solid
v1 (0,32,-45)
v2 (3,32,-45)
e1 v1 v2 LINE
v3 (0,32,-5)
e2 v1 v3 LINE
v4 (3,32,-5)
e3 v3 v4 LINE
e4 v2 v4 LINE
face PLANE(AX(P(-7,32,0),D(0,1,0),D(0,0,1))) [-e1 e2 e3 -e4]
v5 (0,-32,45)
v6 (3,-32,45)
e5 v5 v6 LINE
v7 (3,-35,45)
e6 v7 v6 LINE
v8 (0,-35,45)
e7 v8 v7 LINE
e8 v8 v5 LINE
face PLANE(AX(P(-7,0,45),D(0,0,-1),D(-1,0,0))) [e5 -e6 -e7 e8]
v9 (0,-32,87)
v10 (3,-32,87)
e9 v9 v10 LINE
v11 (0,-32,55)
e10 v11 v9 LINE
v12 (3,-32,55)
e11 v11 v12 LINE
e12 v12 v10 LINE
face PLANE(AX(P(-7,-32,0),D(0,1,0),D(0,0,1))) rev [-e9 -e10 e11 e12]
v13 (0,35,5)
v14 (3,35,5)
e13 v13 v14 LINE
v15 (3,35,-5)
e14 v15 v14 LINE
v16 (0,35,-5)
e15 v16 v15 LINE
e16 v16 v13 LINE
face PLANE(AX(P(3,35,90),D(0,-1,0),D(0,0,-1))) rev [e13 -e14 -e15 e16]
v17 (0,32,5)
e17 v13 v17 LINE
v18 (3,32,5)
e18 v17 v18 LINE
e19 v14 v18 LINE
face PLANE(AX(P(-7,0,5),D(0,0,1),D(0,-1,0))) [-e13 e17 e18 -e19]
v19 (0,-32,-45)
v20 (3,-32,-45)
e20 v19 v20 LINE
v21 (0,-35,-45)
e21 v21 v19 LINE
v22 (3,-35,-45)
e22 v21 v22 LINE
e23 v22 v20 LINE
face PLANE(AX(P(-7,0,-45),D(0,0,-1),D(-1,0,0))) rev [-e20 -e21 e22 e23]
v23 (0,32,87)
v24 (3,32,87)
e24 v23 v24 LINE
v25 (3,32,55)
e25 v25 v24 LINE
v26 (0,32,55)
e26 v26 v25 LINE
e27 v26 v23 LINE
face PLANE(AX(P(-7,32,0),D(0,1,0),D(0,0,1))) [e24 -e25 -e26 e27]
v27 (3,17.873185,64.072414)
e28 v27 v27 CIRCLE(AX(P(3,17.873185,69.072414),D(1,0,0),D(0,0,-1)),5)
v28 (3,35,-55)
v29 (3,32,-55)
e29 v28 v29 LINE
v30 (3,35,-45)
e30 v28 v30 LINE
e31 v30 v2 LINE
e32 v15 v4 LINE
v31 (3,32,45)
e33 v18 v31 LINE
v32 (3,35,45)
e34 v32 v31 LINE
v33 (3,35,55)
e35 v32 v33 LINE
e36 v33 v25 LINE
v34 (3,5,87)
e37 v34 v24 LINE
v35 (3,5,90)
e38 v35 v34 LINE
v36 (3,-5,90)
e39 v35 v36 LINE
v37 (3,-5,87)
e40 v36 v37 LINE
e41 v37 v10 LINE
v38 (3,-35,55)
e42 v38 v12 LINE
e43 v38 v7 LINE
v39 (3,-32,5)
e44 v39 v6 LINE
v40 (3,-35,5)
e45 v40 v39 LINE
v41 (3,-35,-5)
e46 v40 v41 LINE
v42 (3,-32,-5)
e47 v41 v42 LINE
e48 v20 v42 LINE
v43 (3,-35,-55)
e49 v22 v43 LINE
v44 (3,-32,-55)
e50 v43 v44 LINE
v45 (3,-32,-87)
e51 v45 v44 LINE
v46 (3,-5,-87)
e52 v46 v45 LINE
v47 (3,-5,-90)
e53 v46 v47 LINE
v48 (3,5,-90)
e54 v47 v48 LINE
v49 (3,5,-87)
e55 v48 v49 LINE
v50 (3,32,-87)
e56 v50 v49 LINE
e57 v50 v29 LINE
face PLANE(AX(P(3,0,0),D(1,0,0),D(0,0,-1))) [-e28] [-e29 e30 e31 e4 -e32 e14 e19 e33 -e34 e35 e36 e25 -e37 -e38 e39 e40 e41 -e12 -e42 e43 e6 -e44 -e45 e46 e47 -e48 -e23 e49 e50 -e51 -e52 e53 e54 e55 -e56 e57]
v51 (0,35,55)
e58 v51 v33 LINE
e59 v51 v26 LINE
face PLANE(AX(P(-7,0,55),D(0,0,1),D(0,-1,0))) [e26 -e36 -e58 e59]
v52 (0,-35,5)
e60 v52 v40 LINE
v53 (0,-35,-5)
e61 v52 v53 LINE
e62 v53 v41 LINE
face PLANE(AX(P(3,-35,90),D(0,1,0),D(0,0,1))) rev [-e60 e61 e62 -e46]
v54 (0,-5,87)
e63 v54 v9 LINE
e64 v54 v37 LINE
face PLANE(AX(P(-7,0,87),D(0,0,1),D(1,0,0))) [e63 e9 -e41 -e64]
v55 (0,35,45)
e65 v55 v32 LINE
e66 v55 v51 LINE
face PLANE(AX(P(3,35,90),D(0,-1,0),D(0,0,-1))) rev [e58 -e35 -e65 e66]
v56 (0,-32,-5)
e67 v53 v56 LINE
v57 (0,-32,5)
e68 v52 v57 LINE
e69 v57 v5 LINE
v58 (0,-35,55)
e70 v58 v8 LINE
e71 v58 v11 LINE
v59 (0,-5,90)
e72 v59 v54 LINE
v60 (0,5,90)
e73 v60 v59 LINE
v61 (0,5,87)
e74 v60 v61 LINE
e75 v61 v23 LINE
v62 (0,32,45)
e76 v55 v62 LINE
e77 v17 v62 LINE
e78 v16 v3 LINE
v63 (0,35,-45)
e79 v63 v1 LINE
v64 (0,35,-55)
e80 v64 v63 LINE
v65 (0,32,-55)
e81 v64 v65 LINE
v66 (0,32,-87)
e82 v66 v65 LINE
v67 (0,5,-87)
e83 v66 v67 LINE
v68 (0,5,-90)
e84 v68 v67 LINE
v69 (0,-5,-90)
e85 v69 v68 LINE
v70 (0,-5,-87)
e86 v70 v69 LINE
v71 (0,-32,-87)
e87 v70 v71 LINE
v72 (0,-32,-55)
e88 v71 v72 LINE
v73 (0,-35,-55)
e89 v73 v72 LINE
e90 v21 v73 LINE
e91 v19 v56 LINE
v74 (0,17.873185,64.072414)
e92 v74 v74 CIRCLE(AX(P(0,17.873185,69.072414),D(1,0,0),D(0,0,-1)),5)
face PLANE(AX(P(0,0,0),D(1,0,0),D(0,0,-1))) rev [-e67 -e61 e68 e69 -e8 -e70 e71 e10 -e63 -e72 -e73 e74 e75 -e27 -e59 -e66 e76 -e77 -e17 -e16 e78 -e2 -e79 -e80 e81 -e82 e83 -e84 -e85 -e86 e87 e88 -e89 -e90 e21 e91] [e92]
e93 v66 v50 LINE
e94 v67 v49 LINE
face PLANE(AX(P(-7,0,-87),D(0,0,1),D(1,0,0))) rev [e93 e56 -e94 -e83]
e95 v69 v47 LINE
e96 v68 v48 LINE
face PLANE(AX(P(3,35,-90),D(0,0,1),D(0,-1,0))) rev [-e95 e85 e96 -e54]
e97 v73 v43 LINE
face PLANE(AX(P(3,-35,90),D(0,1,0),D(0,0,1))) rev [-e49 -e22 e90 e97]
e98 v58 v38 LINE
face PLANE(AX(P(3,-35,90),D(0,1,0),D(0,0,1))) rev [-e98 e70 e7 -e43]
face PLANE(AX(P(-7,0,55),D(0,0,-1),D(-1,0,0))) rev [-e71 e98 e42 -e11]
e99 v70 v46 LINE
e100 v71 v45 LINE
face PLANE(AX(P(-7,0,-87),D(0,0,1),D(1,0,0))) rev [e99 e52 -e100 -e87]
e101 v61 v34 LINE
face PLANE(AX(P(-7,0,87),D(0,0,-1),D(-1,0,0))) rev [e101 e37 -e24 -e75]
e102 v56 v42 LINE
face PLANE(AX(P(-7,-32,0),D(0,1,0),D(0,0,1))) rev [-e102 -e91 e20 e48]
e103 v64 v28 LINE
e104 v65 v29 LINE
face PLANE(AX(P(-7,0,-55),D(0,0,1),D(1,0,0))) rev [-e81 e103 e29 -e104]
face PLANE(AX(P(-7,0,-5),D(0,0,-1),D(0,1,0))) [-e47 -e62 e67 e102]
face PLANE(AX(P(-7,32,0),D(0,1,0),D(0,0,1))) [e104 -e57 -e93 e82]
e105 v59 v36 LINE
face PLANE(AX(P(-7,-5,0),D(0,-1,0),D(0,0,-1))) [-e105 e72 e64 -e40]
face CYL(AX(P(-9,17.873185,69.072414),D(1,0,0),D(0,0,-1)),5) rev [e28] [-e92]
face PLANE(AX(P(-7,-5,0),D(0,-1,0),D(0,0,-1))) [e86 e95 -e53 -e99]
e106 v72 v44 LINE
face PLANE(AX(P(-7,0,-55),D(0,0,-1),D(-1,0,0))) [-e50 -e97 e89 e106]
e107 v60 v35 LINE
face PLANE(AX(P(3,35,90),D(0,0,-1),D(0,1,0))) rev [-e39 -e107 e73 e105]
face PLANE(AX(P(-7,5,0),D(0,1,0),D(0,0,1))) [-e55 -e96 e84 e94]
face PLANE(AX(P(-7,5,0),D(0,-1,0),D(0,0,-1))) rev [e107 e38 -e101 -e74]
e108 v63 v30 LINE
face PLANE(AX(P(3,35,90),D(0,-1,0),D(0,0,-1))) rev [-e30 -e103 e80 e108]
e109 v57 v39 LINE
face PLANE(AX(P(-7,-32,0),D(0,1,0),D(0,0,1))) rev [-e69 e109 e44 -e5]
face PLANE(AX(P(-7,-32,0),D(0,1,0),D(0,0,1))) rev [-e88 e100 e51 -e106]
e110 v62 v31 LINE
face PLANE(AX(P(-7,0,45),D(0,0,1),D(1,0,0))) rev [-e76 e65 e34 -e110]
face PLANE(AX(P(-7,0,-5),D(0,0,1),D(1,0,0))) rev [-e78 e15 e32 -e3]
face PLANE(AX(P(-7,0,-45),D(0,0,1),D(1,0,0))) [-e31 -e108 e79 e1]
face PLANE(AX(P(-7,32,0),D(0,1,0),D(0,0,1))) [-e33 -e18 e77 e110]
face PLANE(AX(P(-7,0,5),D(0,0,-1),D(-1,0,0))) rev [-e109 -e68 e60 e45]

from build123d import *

# Parameters (mm, degrees)
SKETCH1_W           = 180
SKETCH1_H           = 70
BOSS_EXTRUDE1_DEPTH = 3
SKETCH2_W           = 3
SKETCH2_H           = 27
SKETCH2_W_2         = 40
SKETCH2_H_2         = 3
CUT_EXTRUDE6_DEPTH  = 10
SKETCH3_R           = 5
CUT_EXTRUDE7_DEPTH  = 12


with BuildPart() as part:
    # Sketch1 → Boss-Extrude1 (new body)
    with BuildSketch(Plane(origin=(0, 0, 0), x_dir=(0, 0, -1), z_dir=(1, 0, 0))):
        Rectangle(SKETCH1_W, SKETCH1_H)
    extrude(amount=BOSS_EXTRUDE1_DEPTH)

    # Sketch2 → Cut-Extrude6 (cut)
    with BuildSketch(Plane(origin=(3, 0, 0), x_dir=(0, 0, -1), z_dir=(1, 0, 0))):
        Polygon((90, -32), (87, -32), (55, -32), (55, -35), (90, -35), align=None)
        with Locations((88.5, -18.5)):
            Rectangle(SKETCH2_W, SKETCH2_H)
        with Locations((25, -33.5)):
            Rectangle(SKETCH2_W_2, SKETCH2_H_2)
        with Locations((-25, -33.5)):
            Rectangle(SKETCH2_W_2, SKETCH2_H_2)
        Polygon((-55, -32), (-87, -32), (-90, -32), (-90, -35), (-55, -35), align=None)
        with Locations((-88.5, -18.5)):
            Rectangle(SKETCH2_W, SKETCH2_H)
        with Locations((-88.5, 18.5)):
            Rectangle(SKETCH2_W, SKETCH2_H)
        Polygon((-87, 32), (-55, 32), (-55, 35), (-90, 35), (-90, 32), align=None)
        with Locations((-25, 33.5)):
            Rectangle(SKETCH2_W_2, SKETCH2_H_2)
        with Locations((25, 33.5)):
            Rectangle(SKETCH2_W_2, SKETCH2_H_2)
        Polygon((55, 32), (87, 32), (90, 32), (90, 35), (55, 35), align=None)
        with Locations((88.5, 18.5)):
            Rectangle(SKETCH2_W, SKETCH2_H)
    extrude(amount=-CUT_EXTRUDE6_DEPTH, mode=Mode.SUBTRACT)

    # Sketch3 → Cut-Extrude7 (cut)
    with BuildSketch(Plane(origin=(3, 0, 0), x_dir=(0, 0, -1), z_dir=(1, 0, 0))):
        with Locations((-69.072414396, 17.873185396)):
            Circle(SKETCH3_R)
    extrude(amount=-CUT_EXTRUDE7_DEPTH, mode=Mode.SUBTRACT)


solid = part.part
